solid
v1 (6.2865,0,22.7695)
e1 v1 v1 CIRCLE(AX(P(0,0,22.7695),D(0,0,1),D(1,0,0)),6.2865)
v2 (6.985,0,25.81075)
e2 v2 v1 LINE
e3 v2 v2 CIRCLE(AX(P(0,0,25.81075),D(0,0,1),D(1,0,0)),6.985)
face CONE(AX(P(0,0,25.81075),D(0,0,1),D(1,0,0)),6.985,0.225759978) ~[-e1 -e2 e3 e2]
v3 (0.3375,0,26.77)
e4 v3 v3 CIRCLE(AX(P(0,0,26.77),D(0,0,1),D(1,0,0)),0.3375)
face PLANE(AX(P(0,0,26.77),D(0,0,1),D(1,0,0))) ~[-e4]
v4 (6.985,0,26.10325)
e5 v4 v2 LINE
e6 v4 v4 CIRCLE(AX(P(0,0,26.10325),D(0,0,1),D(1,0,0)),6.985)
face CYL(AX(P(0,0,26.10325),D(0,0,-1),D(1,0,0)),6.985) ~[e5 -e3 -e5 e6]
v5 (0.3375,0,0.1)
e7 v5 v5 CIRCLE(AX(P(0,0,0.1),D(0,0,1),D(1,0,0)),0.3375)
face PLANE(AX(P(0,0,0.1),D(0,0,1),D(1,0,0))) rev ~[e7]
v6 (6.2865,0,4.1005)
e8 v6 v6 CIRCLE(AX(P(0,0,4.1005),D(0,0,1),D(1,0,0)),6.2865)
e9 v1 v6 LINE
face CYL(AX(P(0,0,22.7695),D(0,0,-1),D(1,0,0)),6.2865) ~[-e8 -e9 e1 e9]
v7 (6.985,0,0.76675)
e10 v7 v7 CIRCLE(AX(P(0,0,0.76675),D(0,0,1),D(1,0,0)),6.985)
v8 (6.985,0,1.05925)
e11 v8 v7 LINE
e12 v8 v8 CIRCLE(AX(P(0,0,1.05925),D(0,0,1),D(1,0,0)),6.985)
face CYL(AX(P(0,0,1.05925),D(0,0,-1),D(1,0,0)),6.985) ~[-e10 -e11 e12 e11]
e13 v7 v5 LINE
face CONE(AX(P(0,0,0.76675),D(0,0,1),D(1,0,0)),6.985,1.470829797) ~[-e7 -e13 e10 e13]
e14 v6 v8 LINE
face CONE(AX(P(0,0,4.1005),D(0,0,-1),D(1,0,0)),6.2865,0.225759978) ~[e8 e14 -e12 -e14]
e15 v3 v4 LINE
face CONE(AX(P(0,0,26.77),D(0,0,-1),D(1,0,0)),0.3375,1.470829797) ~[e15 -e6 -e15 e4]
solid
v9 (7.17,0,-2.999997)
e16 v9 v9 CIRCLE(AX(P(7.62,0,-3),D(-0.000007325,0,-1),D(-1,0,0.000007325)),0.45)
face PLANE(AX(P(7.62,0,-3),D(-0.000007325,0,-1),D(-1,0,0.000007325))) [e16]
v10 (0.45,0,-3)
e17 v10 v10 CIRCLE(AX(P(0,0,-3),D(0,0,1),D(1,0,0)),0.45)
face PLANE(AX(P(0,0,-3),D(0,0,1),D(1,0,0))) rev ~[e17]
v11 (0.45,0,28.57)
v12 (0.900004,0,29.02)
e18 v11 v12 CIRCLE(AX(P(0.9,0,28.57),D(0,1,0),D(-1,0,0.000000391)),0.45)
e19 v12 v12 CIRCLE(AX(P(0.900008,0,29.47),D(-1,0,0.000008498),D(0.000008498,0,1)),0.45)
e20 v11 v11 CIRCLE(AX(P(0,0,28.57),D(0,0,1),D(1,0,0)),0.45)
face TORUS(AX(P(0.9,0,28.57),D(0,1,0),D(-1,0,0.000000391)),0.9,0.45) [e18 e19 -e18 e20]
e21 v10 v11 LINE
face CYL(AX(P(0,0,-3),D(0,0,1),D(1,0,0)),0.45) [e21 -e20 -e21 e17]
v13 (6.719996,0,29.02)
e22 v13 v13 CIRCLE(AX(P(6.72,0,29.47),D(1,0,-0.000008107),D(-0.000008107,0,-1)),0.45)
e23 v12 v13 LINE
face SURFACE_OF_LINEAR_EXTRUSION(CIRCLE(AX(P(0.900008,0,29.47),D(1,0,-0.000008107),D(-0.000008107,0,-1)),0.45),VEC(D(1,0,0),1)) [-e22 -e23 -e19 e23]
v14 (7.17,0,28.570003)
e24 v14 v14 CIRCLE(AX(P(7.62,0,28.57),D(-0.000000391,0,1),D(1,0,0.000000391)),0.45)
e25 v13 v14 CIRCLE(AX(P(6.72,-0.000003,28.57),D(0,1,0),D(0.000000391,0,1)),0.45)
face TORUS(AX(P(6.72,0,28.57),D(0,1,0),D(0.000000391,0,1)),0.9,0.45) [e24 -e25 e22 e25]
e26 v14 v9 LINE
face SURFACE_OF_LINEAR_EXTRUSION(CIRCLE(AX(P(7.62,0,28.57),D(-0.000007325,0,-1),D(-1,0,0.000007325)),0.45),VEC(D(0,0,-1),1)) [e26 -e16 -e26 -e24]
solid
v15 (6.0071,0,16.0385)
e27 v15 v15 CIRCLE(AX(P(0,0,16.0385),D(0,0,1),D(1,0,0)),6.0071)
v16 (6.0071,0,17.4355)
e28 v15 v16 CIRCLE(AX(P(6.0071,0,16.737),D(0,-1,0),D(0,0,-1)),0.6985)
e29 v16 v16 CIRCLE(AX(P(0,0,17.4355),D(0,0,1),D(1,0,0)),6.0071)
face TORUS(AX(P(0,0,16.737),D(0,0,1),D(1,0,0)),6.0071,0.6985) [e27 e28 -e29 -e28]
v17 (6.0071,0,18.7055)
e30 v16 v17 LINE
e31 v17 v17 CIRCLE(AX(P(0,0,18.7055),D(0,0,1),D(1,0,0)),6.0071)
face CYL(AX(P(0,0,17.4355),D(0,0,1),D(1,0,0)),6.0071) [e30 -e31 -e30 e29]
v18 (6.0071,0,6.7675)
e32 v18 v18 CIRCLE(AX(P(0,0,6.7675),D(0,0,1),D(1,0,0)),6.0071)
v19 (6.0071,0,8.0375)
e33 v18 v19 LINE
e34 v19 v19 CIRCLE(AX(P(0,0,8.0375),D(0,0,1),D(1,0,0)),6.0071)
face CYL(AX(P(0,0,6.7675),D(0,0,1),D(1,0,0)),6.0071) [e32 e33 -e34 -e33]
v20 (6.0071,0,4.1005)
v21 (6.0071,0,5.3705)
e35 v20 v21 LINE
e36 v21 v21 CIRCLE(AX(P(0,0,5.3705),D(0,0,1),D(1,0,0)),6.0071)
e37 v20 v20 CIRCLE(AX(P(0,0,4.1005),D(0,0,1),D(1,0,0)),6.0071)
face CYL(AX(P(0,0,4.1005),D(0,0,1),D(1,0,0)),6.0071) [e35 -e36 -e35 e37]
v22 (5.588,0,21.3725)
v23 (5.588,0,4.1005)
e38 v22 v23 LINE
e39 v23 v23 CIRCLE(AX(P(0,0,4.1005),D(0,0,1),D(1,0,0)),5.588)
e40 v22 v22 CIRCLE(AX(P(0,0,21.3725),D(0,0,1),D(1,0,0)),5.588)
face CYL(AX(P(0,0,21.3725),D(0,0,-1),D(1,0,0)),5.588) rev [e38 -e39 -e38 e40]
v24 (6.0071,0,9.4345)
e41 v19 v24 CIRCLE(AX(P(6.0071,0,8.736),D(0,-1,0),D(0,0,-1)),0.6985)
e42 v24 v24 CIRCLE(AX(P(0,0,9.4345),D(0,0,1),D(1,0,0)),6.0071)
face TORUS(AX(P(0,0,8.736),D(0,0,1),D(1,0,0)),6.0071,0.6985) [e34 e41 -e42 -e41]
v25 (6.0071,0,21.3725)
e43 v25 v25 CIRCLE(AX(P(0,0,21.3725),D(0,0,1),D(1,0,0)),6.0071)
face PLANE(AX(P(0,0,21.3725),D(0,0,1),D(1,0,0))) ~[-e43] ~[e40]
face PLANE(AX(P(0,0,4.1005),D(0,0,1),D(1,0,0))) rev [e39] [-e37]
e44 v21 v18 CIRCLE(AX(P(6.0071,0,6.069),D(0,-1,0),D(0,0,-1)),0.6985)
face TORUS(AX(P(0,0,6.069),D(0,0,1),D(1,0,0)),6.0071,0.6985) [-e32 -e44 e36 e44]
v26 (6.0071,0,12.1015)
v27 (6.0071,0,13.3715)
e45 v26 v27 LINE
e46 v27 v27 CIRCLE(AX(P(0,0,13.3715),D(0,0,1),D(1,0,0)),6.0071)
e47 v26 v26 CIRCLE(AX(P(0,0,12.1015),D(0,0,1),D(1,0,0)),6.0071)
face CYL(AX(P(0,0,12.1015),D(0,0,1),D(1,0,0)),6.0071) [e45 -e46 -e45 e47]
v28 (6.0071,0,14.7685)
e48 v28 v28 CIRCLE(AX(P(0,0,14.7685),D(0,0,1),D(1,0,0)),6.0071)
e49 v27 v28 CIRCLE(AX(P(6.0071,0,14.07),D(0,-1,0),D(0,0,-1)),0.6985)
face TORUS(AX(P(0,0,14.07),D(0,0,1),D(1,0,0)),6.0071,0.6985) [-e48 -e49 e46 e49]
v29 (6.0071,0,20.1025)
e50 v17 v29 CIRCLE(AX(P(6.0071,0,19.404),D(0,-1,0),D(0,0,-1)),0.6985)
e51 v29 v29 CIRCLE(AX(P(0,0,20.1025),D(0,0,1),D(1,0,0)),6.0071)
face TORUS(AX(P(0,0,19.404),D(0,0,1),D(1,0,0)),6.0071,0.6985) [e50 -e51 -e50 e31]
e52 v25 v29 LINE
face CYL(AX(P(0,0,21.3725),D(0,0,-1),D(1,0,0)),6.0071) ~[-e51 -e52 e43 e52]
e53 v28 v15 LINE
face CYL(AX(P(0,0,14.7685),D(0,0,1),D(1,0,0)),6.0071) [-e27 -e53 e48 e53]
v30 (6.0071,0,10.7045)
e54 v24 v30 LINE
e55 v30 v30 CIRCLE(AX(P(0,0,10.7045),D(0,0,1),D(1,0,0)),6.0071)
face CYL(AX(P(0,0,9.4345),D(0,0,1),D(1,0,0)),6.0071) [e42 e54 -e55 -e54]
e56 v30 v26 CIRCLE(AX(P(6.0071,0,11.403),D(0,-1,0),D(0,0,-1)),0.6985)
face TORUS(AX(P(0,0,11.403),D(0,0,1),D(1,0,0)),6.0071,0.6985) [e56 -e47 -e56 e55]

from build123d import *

# Parameters (mm, degrees)
SKETCH_R = 0.45


with BuildPart() as sweep_body:
    # Sweep: sweep along a path in Sketch001
    with BuildLine(Plane.XZ) as sweep_path:
        Line((0, -3), (0, 28.57))
        ThreePointArc((0, 28.57), (0.263607, 29.206399), (0.900008, 29.47))
        Line((0.900008, 29.47), (6.72, 29.47))
        ThreePointArc((6.72, 29.47), (7.356396, 29.206396), (7.62, 28.57))
        Line((7.62, 28.57), (7.62, -3))
    # Sketch → Sweep (sweep)
    with BuildSketch(Plane.XY.offset(-2)):
        Circle(SKETCH_R)
    sweep(path=sweep_path.line)


with BuildPart() as revolution:
    # Sketch002 → Revolution (revolve)
    with BuildSketch(Plane.XZ):
        Polygon((0, 0.1), (0, 26.77), (0.3375, 26.77), (6.985, 26.10325), (6.985, 25.81075), (6.2865, 22.7695), (6.2865, 4.1005), (6.985, 1.05925), (6.985, 0.76675), (0.3375, 0.1), align=None)
    revolve(axis=Axis((0, 0, 0), (0, 0, 1)))


with BuildPart() as revolution001:
    # Sketch003 → Revolution001 (revolve)
    with BuildSketch(Plane.XZ):
        with BuildLine():
            Line((5.588, 21.3725), (5.588, 4.1005))
            Line((5.588, 4.1005), (6.0071, 4.1005))
            Line((6.0071, 4.1005), (6.0071, 5.3705))
            ThreePointArc((6.0071, 5.3705), (6.7056, 6.069), (6.0071, 6.7675))
            Line((6.0071, 6.7675), (6.0071, 8.0375))
            ThreePointArc((6.0071, 8.0375), (6.7056, 8.736), (6.0071, 9.4345))
            Line((6.0071, 9.4345), (6.0071, 10.7045))
            ThreePointArc((6.0071, 10.7045), (6.7056, 11.403), (6.0071, 12.1015))
            Line((6.0071, 12.1015), (6.0071, 13.3715))
            ThreePointArc((6.0071, 13.3715), (6.7056, 14.07), (6.0071, 14.7685))
            Line((6.0071, 14.7685), (6.0071, 16.0385))
            ThreePointArc((6.0071, 16.0385), (6.7056, 16.737), (6.0071, 17.4355))
            Line((6.0071, 17.4355), (6.0071, 18.7055))
            ThreePointArc((6.0071, 18.7055), (6.7056, 19.404), (6.0071, 20.1025))
            Line((6.0071, 21.3725), (6.0071, 20.1025))
            Line((5.588, 21.3725), (6.0071, 21.3725))
        make_face()
    revolve(axis=Axis((0, 0, 0), (0, 0, 1)))


solid = Compound([sweep_body.part, revolution.part, revolution001.part])
